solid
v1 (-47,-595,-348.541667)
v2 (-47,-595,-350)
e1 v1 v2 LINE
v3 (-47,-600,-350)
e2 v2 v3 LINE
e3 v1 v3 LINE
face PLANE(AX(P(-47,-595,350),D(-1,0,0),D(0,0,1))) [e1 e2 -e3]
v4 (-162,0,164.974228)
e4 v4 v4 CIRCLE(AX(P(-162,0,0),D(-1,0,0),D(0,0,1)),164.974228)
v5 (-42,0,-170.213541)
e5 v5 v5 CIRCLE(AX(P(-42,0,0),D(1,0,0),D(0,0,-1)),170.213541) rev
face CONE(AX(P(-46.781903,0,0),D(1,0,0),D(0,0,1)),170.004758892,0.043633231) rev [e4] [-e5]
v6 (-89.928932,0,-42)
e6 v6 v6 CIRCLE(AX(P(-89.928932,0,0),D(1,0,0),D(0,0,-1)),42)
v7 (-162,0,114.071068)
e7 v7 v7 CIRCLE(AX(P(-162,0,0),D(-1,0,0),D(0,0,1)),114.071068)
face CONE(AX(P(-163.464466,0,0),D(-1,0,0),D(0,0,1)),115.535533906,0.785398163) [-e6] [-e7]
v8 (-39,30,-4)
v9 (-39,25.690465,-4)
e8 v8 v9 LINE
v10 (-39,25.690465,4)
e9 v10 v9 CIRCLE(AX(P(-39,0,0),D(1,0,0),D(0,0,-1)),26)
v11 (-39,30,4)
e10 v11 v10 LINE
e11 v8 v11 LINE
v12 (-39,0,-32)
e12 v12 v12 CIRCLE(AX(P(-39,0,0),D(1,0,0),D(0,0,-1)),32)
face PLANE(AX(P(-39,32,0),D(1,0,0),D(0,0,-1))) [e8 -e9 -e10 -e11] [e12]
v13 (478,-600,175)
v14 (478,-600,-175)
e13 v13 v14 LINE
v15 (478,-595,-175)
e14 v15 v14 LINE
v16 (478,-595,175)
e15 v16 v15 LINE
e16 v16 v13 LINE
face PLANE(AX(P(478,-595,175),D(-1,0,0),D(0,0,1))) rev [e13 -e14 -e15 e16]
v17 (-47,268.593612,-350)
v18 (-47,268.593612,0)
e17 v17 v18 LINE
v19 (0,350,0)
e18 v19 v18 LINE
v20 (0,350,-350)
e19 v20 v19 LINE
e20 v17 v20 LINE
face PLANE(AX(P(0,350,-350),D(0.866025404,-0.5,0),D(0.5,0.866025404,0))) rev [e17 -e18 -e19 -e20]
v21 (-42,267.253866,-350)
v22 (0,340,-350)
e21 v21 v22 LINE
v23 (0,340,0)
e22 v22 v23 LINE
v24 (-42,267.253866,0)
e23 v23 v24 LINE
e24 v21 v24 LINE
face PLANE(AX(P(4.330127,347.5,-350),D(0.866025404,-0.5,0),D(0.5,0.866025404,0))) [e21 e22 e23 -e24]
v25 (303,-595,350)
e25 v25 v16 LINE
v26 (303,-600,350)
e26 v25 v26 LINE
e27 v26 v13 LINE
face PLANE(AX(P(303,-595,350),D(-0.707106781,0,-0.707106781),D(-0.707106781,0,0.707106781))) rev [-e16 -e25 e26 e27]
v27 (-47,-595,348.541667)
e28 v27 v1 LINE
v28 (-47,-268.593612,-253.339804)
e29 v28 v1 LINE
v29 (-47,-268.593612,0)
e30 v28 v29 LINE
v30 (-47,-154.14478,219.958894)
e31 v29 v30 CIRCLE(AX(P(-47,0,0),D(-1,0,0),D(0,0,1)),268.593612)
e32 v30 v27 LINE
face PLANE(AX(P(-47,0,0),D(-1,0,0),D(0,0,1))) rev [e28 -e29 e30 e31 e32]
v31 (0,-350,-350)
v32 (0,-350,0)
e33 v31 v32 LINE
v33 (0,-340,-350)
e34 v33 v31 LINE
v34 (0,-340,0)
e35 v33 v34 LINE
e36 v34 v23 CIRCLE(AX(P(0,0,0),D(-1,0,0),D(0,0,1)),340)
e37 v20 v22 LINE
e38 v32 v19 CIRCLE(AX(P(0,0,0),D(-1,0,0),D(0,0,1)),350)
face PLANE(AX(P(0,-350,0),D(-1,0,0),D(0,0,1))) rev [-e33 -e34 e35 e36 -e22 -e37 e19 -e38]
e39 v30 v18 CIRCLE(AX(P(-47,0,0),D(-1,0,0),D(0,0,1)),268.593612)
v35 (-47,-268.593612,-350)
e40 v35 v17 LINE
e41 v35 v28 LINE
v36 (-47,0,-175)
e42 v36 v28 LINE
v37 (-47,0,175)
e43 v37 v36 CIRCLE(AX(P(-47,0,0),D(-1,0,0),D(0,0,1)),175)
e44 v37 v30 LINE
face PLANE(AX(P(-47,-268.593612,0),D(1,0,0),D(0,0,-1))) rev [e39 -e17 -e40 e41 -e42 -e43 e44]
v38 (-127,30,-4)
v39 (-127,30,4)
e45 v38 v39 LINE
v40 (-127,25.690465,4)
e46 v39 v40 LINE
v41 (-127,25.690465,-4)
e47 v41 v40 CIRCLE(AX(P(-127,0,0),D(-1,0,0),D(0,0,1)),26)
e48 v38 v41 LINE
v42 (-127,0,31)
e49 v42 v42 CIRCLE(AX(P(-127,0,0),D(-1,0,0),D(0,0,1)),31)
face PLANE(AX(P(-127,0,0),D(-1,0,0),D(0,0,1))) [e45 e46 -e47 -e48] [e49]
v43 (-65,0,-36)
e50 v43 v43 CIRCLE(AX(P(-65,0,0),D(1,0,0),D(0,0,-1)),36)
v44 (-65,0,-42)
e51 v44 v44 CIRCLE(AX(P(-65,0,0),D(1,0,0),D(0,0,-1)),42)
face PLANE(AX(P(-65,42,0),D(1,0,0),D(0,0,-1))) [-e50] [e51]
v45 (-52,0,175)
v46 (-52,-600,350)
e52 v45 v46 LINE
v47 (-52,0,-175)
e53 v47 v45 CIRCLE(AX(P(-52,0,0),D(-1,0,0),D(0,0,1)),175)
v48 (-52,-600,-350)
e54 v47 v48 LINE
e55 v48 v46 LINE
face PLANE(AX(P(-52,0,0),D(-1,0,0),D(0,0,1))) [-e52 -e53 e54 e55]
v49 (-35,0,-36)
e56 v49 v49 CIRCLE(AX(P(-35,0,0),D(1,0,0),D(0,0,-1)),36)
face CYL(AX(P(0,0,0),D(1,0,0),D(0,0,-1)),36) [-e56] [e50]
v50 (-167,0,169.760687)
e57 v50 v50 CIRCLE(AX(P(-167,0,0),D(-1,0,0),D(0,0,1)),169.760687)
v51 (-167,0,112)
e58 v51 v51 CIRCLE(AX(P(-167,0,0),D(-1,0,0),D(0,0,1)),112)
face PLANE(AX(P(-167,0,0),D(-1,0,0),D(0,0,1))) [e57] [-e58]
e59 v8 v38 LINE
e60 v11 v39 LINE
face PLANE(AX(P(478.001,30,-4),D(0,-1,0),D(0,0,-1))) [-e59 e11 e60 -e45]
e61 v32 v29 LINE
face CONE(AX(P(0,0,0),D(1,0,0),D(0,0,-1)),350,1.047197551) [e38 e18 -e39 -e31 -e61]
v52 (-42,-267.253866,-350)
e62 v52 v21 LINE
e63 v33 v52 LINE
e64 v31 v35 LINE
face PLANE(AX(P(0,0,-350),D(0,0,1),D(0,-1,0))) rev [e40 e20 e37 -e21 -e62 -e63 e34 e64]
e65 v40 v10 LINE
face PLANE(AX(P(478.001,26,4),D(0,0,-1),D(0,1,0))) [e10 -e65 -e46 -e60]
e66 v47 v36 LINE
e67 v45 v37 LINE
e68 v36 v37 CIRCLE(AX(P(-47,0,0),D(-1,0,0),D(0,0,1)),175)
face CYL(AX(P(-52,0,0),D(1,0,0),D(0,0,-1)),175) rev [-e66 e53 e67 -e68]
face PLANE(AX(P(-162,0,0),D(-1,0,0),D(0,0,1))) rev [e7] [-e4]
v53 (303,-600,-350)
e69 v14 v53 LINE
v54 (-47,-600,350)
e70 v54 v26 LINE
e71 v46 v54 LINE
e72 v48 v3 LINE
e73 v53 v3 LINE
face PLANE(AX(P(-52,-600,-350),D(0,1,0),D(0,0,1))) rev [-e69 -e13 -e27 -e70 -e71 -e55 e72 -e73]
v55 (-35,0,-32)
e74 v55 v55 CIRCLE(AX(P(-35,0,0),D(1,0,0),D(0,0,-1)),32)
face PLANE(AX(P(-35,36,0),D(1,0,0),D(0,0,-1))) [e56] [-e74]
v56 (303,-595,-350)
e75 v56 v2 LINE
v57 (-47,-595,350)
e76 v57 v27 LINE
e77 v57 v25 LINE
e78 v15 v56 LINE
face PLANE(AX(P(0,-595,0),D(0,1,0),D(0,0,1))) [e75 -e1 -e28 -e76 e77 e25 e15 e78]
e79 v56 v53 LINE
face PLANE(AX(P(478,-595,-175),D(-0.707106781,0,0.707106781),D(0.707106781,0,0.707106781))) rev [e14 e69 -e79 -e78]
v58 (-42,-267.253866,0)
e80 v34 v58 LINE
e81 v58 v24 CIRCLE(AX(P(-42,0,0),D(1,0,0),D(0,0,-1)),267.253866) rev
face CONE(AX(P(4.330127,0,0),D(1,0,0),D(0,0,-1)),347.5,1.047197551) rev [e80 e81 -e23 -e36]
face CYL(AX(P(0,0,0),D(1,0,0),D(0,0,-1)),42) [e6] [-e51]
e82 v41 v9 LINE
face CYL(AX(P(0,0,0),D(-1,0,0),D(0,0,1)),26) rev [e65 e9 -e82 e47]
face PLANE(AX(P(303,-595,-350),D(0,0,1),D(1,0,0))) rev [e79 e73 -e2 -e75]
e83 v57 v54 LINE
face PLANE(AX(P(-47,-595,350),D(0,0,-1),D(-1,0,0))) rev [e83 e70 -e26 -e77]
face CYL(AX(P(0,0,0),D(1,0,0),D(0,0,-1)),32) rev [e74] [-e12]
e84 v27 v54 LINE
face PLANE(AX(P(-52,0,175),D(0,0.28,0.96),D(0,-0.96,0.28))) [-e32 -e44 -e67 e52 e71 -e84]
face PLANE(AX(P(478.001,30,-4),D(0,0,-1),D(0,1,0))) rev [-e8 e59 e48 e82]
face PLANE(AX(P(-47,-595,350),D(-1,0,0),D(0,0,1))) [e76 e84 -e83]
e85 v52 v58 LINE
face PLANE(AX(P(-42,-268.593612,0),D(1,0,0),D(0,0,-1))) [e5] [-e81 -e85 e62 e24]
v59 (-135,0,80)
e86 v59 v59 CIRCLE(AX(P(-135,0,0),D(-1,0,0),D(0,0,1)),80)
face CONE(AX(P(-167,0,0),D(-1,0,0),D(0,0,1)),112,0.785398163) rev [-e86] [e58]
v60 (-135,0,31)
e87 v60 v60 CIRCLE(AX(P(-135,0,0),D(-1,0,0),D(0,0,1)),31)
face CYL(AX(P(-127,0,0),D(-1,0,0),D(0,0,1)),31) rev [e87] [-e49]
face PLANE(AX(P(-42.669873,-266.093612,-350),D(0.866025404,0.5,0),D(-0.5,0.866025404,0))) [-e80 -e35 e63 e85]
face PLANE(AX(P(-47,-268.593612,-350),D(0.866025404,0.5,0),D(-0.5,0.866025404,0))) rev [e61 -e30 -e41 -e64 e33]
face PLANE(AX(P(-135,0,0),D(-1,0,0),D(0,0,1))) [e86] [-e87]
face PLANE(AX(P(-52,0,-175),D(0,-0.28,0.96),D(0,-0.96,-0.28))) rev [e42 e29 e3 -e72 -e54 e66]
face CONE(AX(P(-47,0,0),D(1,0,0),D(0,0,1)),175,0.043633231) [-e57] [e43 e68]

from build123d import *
from build123d.topology import SkipClean

# Parameters (mm, degrees)
REVOLVE1_ANGLE          = 180
SKETCH12_R              = 175
BOSS_EXTRUDE2_DEPTH     = 120
BOSS_EXTRUDE2_TAPER     = 2.5
BOSS_EXTRUDE3_DEPTH     = 350
SKETCH14_R              = 112
CUT_EXTRUDE1_DEPTH      = 32
CUT_EXTRUDE1_DRAFT      = -45
SKETCH17_R              = 31
CUT_EXTRUDE3_DEPTH      = 8
SHELL1_T                = -5
SKETCH15_R              = 26
CUT_EXTRUDE2_DEPTH      = 514.054577993
BOSS_EXTRUDE4_DEPTH     = 5
BOSS_EXTRUDE5_DEPTH     = 5
ENL_V_MAT_EXTRU_2_REACH = 923.154


with BuildPart() as part:
    # Esquisse2 → Revolve1 (revolve)
    with BuildSketch(Plane.XY):
        Polygon((0, 350), (0, 0), (-47, 0), (-47, 268.593612044), align=None)
    revolve(axis=Axis((-47, 0, 0), (1, 0, 0)), revolution_arc=REVOLVE1_ANGLE)

    # Sketch12 → Boss-Extrude2 (add)
    with BuildSketch(Plane.ZY.offset(47)):
        Circle(SKETCH12_R)
    extrude(amount=BOSS_EXTRUDE2_DEPTH, taper=BOSS_EXTRUDE2_TAPER)

    # Sketch13 → Boss-Extrude3 (add)
    with BuildSketch(Plane(origin=(0, 0, 0), x_dir=(-1, 0, 0), z_dir=(0, 0, -1))):
        Polygon((0, 350), (47, 268.593612044), (47, -268.593612044), (0, -350), align=None)
    extrude(amount=BOSS_EXTRUDE3_DEPTH)


with BuildPart() as cut_extrude1_tool:
    # Sketch14 → Cut-Extrude1 (with draft: the straight prism first)
    with BuildSketch(Plane.ZY.offset(167)):
        Circle(SKETCH14_R)
    extrude(amount=-CUT_EXTRUDE1_DEPTH)
    # Cut-Extrude1: the draft: its side faces are tilted about the plane it starts from
    cut_extrude1_sides = [cut_extrude1_tool.faces().sort_by_distance(p)[0] for p in [
        (-151, 0, -112),
    ]]
    draft(cut_extrude1_sides, Plane.ZY.offset(167), CUT_EXTRUDE1_DRAFT)


with BuildPart() as part_1:
    add(part.part)

    # Cut-Extrude1: cut by cut_extrude1_tool
    add(cut_extrude1_tool.part, mode=Mode.SUBTRACT)

    # Sketch17 → Cut-Extrude3 (cut)
    with BuildSketch(Plane.ZY.offset(135)):
        Circle(SKETCH17_R)
    extrude(amount=-CUT_EXTRUDE3_DEPTH, mode=Mode.SUBTRACT)

    # Shell1
    shell1_openings = [part_1.faces().sort_by_distance(p)[0] for p in [
        (-22.469140062, 0, -350),
        (0, 0, -32.672450622),
    ]]
    offset(amount=SHELL1_T, openings=shell1_openings, kind=Kind.INTERSECTION)

    # Sketch15 → Cut-Extrude2 (cut, through all)
    with BuildSketch(Plane.ZY.offset(135)):
        Circle(SKETCH15_R)
    extrude(amount=-CUT_EXTRUDE2_DEPTH, mode=Mode.SUBTRACT)

    # Sketch18 → Revolve2 (revolve)
    with SkipClean():  # the faces are left unmerged after this step: merging them gives an invalid solid
        with BuildSketch(Plane.XY, mode=Mode.PRIVATE) as revolve2_sk:
            Polygon((-130, 82.071067812), (-89.928932188, 42), (-65, 42), (-65, 36), (-35, 36), (-35, 32), (-39, 32), (-39, 26), (-122, 26), (-122, 36), (-130, 36), align=None)
        revolve(revolve2_sk.sketch.rotate(Axis((0, 0, 0), (-1, 0, 0)), 90), axis=Axis((0, 0, 0), (-1, 0, 0)))

    # Sketch20 → Boss-Extrude4 (add)
    with SkipClean():  # the faces are left unmerged after this step: merging them gives an invalid solid
        with BuildSketch(Plane.ZY.offset(47)):
            with BuildLine():
                Line((-350, -600), (350, -600))
                Line((350, -600), (175, 0))
                ThreePointArc((175, 0), (0, -175), (-175, 0))
                Line((-175, 0), (-350, -600))
            make_face()
        extrude(amount=BOSS_EXTRUDE4_DEPTH)

    # Sketch21 → Boss-Extrude5 (add)
    with SkipClean():  # the faces are left unmerged after this step: merging them gives an invalid solid
        with BuildSketch(Plane.XZ.offset(600)):
            Polygon((-47, 350), (-47, -350), (303, -350), (478, -175), (478, 175), (303, 350), align=None)
        extrude(amount=-BOSS_EXTRUDE5_DEPTH)

    # Esquisse3 → Enlèv. mat.-Extru.2 (cut, up to next)
    with BuildSketch(Plane.ZY.offset(127), mode=Mode.PRIVATE) as enl_v_mat_extru_2_sk1:
        Polygon((-4, 30), (4, 30), (4, 26), (4, 25), (-4, 25), (-4, 26), align=None)
    enl_v_mat_extru_2_tool1 = extrude(enl_v_mat_extru_2_sk1.sketch, amount=-ENL_V_MAT_EXTRU_2_REACH, mode=Mode.PRIVATE) & part_1.part
    add(enl_v_mat_extru_2_tool1.solids().sort_by_distance((-127, 27.5, 0))[0], mode=Mode.SUBTRACT)


solid = part_1.part
